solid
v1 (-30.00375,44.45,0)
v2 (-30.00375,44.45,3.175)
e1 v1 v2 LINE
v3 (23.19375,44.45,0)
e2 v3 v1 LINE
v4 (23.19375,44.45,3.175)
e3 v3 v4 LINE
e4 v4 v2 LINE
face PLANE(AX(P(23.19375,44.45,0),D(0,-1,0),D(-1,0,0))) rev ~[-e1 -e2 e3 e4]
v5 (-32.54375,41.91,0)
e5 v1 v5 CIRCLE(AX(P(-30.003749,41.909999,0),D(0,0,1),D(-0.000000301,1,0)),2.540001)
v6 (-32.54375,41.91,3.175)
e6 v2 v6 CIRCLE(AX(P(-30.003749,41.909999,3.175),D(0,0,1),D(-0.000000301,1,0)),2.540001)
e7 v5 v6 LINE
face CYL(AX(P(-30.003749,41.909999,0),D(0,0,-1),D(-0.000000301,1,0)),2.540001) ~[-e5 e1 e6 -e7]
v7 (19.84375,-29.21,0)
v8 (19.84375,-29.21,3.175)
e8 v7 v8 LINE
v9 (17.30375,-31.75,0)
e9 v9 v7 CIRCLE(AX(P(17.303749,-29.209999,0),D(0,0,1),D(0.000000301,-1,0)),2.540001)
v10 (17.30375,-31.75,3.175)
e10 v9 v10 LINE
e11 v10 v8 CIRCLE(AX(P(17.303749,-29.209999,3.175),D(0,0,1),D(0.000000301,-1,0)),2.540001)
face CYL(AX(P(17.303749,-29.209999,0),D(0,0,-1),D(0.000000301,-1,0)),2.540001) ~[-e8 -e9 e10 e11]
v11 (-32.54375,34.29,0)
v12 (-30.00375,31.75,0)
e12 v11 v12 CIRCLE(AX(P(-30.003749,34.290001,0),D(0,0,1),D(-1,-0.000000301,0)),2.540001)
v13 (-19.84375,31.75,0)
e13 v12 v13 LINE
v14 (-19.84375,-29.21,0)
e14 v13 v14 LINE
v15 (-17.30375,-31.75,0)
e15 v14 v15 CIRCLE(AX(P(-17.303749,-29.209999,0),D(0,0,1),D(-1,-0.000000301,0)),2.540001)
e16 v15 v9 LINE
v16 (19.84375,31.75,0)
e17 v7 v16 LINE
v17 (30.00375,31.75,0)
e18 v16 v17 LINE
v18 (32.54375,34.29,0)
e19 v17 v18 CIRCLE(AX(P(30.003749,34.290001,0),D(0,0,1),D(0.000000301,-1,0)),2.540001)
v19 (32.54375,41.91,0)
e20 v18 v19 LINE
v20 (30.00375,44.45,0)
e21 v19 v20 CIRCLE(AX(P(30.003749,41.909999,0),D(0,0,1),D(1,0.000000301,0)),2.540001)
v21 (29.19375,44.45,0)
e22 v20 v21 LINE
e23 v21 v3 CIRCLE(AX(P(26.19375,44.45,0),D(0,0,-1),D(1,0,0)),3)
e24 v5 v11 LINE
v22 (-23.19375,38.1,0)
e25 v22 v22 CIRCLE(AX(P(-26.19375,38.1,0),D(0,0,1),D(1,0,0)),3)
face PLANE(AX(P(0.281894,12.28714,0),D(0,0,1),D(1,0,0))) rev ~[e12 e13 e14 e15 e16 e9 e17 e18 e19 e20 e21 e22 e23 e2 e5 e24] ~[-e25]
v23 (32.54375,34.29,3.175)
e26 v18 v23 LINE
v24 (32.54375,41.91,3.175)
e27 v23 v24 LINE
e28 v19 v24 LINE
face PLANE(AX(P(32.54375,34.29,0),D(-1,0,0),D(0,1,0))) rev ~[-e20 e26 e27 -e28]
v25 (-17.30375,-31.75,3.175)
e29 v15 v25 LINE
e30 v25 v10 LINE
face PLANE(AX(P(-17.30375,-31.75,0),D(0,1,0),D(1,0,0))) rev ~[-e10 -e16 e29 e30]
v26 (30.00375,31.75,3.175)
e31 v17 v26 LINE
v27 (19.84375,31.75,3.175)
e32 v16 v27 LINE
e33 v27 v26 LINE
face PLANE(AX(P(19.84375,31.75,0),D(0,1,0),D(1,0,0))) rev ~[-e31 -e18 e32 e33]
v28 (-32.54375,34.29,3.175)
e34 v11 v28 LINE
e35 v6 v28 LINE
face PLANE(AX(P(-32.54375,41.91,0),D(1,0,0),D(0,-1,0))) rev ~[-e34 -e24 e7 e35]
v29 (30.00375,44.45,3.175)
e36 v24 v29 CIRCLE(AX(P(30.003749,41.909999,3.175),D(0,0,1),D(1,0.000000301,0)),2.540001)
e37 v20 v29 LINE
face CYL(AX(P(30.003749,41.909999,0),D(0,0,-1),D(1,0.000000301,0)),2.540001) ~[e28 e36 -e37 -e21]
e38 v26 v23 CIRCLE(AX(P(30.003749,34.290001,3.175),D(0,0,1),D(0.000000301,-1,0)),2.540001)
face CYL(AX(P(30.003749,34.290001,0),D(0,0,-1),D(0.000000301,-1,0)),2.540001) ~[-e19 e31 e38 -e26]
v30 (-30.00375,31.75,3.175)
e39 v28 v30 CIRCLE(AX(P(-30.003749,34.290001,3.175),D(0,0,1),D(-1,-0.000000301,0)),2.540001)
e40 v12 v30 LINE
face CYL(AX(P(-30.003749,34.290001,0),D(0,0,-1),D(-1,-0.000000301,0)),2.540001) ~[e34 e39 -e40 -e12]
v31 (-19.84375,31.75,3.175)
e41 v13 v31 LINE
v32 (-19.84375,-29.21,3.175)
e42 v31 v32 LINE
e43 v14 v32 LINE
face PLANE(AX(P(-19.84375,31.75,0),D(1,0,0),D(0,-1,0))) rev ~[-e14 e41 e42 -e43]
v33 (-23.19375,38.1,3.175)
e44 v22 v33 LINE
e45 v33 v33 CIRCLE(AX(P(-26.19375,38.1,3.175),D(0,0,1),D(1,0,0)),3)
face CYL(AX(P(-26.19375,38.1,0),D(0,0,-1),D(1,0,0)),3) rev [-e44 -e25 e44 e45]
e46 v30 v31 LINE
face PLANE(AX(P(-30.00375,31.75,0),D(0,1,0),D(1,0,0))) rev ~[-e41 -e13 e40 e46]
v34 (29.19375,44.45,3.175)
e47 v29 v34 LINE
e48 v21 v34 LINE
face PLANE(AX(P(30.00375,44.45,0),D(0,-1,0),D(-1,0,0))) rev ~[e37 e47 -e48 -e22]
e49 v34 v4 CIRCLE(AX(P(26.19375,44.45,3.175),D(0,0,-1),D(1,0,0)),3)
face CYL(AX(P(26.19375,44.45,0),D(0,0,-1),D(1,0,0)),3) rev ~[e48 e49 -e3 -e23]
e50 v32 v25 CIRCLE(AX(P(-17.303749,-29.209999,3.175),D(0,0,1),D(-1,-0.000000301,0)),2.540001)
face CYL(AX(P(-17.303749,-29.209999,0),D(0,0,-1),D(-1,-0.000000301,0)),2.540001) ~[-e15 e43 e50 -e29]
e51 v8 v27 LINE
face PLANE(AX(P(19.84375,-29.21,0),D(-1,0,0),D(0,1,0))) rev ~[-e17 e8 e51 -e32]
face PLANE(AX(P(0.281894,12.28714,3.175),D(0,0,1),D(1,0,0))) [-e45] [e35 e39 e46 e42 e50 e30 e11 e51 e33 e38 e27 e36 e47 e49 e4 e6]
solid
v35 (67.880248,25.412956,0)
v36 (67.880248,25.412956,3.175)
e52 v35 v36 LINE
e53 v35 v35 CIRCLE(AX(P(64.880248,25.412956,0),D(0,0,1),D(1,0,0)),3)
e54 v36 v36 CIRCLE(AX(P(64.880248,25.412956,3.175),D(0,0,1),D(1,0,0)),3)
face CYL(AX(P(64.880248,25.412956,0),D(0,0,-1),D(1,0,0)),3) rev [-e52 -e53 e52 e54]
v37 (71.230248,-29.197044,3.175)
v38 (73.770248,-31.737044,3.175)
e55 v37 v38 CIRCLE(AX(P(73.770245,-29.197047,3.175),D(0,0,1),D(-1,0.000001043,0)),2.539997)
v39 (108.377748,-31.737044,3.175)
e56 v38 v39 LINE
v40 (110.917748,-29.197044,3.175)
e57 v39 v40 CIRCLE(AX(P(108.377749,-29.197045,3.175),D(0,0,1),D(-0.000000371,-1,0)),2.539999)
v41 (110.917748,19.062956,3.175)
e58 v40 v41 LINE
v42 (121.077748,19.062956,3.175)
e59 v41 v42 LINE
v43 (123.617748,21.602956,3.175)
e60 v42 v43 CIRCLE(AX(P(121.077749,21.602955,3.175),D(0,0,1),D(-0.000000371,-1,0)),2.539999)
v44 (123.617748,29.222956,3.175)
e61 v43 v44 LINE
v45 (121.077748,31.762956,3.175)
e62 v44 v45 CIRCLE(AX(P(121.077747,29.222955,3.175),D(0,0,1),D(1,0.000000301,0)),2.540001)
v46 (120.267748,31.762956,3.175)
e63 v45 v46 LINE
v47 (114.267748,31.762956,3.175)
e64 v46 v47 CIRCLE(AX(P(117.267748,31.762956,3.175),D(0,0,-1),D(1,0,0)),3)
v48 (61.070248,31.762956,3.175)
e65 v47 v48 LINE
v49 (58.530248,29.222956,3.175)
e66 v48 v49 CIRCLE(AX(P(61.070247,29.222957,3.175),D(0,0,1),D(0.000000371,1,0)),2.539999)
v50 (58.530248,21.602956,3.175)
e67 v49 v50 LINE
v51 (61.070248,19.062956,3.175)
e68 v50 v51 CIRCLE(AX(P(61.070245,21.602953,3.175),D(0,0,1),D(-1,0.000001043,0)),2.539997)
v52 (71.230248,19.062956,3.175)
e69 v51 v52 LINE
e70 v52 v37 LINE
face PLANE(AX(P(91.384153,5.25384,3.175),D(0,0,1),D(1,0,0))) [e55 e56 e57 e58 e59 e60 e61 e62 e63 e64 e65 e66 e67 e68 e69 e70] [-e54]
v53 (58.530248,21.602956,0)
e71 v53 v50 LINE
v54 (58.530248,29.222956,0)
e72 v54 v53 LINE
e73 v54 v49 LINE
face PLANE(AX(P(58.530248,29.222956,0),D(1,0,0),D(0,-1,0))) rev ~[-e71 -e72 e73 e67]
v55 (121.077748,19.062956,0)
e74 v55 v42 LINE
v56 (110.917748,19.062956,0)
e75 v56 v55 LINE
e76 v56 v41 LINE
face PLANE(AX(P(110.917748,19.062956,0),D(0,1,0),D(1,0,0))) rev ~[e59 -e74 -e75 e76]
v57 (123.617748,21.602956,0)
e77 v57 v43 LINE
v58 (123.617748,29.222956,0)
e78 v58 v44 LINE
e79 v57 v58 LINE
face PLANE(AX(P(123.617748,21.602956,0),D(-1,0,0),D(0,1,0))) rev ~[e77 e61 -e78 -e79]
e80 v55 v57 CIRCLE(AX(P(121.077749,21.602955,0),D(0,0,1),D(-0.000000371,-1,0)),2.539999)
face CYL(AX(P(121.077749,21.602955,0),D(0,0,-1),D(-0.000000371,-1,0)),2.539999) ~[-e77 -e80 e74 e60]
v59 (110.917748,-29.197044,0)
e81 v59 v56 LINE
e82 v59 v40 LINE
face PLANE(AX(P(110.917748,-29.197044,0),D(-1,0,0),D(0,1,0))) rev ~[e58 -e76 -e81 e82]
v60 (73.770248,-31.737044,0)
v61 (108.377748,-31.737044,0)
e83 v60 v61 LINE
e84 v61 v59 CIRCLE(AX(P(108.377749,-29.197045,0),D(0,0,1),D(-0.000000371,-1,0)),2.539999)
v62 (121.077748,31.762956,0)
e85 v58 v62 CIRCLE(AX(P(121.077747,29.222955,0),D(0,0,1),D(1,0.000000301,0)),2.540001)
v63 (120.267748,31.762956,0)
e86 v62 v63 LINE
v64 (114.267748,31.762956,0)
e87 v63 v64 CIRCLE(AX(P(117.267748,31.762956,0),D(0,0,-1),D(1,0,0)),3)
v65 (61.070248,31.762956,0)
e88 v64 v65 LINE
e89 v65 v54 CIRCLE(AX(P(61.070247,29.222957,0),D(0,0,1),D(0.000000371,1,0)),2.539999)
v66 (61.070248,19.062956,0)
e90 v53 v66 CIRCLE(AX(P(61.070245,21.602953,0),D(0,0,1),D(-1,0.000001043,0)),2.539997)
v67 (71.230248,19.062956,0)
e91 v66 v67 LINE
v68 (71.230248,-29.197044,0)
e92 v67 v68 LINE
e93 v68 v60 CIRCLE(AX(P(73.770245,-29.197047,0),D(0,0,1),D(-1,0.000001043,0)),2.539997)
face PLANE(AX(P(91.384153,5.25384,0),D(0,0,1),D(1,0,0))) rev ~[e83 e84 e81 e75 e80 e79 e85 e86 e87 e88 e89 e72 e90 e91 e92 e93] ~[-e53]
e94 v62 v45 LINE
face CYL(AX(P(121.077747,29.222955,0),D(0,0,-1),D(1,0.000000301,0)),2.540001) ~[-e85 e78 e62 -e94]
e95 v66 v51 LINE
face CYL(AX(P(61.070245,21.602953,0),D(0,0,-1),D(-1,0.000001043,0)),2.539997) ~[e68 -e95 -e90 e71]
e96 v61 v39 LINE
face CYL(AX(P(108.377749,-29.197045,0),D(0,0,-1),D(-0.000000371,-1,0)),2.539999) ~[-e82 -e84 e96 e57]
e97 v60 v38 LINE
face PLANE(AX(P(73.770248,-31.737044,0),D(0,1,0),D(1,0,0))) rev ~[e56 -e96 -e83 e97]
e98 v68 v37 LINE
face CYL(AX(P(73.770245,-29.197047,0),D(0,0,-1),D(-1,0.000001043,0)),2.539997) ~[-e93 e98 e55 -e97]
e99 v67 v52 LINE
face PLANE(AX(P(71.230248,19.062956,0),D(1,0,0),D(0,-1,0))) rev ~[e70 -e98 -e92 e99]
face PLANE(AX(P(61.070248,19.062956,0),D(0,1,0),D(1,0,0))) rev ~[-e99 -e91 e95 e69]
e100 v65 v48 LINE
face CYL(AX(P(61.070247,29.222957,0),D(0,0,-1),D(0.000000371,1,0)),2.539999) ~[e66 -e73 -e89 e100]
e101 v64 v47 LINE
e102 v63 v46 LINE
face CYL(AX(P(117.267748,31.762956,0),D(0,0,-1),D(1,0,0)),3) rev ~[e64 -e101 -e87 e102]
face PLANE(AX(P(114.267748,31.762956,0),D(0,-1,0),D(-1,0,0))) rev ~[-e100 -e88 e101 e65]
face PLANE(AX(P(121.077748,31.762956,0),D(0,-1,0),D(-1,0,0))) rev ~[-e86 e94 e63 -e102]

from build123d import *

# Parameters (mm, degrees)
F0_R     = 3
F1_DEPTH = 3.175
F2_R     = 3
F3_DEPTH = 3.175


with BuildPart() as f1:
    # F0 (on Top) → F1 (new body)
    with BuildSketch(Plane.XY):
        with BuildLine():
            ThreePointArc((-19.84375, -29.21), (-19.099801, -31.006051), (-17.30375, -31.75))
            Line((-17.30375, -31.75), (17.30375, -31.75))
            ThreePointArc((17.30375, -31.75), (19.099801, -31.006051), (19.84375, -29.21))
            Line((19.84375, -29.21), (19.84375, 31.75))
            Line((19.84375, 31.75), (30.00375, 31.75))
            ThreePointArc((30.00375, 31.75), (31.799801, 32.493949), (32.54375, 34.29))
            Line((32.54375, 34.29), (32.54375, 41.91))
            ThreePointArc((32.54375, 41.91), (31.799801, 43.706051), (30.00375, 44.45))
            Line((30.00375, 44.45), (29.19375, 44.45))
            ThreePointArc((29.19375, 44.45), (26.19375, 41.45), (23.19375, 44.45))
            Line((23.19375, 44.45), (-30.00375, 44.45))
            ThreePointArc((-30.00375, 44.45), (-31.799801, 43.706051), (-32.54375, 41.91))
            Line((-32.54375, 41.91), (-32.54375, 34.29))
            ThreePointArc((-32.54375, 34.29), (-31.799801, 32.493949), (-30.00375, 31.75))
            Line((-30.00375, 31.75), (-19.84375, 31.75))
            Line((-19.84375, 31.75), (-19.84375, -29.21))
        make_face()
        with Locations((-26.19375, 38.1)):
            Circle(F0_R, mode=Mode.SUBTRACT)
    extrude(amount=F1_DEPTH)


with BuildPart() as f3:
    # F2 (on Top) → F3 (new body)
    with BuildSketch(Plane.XY):
        with BuildLine():
            ThreePointArc((71.230248, -29.197044), (71.974196, -30.993096), (73.770248, -31.737044))
            Line((73.770248, -31.737044), (108.377748, -31.737044))
            ThreePointArc((108.377748, -31.737044), (110.173799, -30.993096), (110.917748, -29.197044))
            Line((110.917748, -29.197044), (110.917748, 19.062956))
            Line((110.917748, 19.062956), (121.077748, 19.062956))
            ThreePointArc((121.077748, 19.062956), (122.873799, 19.806904), (123.617748, 21.602956))
            Line((123.617748, 21.602956), (123.617748, 29.222956))
            ThreePointArc((123.617748, 29.222956), (122.873799, 31.019007), (121.077748, 31.762956))
            Line((121.077748, 31.762956), (120.267748, 31.762956))
            ThreePointArc((120.267748, 31.762956), (117.267748, 28.762956), (114.267748, 31.762956))
            Line((114.267748, 31.762956), (61.070248, 31.762956))
            ThreePointArc((61.070248, 31.762956), (59.274196, 31.019007), (58.530248, 29.222956))
            Line((58.530248, 29.222956), (58.530248, 21.602956))
            ThreePointArc((58.530248, 21.602956), (59.274196, 19.806904), (61.070248, 19.062956))
            Line((61.070248, 19.062956), (71.230248, 19.062956))
            Line((71.230248, 19.062956), (71.230248, -29.197044))
        make_face()
        with Locations((64.880248, 25.412956)):
            Circle(F2_R, mode=Mode.SUBTRACT)
    extrude(amount=F3_DEPTH)


solid = Compound([f1.part, f3.part])
